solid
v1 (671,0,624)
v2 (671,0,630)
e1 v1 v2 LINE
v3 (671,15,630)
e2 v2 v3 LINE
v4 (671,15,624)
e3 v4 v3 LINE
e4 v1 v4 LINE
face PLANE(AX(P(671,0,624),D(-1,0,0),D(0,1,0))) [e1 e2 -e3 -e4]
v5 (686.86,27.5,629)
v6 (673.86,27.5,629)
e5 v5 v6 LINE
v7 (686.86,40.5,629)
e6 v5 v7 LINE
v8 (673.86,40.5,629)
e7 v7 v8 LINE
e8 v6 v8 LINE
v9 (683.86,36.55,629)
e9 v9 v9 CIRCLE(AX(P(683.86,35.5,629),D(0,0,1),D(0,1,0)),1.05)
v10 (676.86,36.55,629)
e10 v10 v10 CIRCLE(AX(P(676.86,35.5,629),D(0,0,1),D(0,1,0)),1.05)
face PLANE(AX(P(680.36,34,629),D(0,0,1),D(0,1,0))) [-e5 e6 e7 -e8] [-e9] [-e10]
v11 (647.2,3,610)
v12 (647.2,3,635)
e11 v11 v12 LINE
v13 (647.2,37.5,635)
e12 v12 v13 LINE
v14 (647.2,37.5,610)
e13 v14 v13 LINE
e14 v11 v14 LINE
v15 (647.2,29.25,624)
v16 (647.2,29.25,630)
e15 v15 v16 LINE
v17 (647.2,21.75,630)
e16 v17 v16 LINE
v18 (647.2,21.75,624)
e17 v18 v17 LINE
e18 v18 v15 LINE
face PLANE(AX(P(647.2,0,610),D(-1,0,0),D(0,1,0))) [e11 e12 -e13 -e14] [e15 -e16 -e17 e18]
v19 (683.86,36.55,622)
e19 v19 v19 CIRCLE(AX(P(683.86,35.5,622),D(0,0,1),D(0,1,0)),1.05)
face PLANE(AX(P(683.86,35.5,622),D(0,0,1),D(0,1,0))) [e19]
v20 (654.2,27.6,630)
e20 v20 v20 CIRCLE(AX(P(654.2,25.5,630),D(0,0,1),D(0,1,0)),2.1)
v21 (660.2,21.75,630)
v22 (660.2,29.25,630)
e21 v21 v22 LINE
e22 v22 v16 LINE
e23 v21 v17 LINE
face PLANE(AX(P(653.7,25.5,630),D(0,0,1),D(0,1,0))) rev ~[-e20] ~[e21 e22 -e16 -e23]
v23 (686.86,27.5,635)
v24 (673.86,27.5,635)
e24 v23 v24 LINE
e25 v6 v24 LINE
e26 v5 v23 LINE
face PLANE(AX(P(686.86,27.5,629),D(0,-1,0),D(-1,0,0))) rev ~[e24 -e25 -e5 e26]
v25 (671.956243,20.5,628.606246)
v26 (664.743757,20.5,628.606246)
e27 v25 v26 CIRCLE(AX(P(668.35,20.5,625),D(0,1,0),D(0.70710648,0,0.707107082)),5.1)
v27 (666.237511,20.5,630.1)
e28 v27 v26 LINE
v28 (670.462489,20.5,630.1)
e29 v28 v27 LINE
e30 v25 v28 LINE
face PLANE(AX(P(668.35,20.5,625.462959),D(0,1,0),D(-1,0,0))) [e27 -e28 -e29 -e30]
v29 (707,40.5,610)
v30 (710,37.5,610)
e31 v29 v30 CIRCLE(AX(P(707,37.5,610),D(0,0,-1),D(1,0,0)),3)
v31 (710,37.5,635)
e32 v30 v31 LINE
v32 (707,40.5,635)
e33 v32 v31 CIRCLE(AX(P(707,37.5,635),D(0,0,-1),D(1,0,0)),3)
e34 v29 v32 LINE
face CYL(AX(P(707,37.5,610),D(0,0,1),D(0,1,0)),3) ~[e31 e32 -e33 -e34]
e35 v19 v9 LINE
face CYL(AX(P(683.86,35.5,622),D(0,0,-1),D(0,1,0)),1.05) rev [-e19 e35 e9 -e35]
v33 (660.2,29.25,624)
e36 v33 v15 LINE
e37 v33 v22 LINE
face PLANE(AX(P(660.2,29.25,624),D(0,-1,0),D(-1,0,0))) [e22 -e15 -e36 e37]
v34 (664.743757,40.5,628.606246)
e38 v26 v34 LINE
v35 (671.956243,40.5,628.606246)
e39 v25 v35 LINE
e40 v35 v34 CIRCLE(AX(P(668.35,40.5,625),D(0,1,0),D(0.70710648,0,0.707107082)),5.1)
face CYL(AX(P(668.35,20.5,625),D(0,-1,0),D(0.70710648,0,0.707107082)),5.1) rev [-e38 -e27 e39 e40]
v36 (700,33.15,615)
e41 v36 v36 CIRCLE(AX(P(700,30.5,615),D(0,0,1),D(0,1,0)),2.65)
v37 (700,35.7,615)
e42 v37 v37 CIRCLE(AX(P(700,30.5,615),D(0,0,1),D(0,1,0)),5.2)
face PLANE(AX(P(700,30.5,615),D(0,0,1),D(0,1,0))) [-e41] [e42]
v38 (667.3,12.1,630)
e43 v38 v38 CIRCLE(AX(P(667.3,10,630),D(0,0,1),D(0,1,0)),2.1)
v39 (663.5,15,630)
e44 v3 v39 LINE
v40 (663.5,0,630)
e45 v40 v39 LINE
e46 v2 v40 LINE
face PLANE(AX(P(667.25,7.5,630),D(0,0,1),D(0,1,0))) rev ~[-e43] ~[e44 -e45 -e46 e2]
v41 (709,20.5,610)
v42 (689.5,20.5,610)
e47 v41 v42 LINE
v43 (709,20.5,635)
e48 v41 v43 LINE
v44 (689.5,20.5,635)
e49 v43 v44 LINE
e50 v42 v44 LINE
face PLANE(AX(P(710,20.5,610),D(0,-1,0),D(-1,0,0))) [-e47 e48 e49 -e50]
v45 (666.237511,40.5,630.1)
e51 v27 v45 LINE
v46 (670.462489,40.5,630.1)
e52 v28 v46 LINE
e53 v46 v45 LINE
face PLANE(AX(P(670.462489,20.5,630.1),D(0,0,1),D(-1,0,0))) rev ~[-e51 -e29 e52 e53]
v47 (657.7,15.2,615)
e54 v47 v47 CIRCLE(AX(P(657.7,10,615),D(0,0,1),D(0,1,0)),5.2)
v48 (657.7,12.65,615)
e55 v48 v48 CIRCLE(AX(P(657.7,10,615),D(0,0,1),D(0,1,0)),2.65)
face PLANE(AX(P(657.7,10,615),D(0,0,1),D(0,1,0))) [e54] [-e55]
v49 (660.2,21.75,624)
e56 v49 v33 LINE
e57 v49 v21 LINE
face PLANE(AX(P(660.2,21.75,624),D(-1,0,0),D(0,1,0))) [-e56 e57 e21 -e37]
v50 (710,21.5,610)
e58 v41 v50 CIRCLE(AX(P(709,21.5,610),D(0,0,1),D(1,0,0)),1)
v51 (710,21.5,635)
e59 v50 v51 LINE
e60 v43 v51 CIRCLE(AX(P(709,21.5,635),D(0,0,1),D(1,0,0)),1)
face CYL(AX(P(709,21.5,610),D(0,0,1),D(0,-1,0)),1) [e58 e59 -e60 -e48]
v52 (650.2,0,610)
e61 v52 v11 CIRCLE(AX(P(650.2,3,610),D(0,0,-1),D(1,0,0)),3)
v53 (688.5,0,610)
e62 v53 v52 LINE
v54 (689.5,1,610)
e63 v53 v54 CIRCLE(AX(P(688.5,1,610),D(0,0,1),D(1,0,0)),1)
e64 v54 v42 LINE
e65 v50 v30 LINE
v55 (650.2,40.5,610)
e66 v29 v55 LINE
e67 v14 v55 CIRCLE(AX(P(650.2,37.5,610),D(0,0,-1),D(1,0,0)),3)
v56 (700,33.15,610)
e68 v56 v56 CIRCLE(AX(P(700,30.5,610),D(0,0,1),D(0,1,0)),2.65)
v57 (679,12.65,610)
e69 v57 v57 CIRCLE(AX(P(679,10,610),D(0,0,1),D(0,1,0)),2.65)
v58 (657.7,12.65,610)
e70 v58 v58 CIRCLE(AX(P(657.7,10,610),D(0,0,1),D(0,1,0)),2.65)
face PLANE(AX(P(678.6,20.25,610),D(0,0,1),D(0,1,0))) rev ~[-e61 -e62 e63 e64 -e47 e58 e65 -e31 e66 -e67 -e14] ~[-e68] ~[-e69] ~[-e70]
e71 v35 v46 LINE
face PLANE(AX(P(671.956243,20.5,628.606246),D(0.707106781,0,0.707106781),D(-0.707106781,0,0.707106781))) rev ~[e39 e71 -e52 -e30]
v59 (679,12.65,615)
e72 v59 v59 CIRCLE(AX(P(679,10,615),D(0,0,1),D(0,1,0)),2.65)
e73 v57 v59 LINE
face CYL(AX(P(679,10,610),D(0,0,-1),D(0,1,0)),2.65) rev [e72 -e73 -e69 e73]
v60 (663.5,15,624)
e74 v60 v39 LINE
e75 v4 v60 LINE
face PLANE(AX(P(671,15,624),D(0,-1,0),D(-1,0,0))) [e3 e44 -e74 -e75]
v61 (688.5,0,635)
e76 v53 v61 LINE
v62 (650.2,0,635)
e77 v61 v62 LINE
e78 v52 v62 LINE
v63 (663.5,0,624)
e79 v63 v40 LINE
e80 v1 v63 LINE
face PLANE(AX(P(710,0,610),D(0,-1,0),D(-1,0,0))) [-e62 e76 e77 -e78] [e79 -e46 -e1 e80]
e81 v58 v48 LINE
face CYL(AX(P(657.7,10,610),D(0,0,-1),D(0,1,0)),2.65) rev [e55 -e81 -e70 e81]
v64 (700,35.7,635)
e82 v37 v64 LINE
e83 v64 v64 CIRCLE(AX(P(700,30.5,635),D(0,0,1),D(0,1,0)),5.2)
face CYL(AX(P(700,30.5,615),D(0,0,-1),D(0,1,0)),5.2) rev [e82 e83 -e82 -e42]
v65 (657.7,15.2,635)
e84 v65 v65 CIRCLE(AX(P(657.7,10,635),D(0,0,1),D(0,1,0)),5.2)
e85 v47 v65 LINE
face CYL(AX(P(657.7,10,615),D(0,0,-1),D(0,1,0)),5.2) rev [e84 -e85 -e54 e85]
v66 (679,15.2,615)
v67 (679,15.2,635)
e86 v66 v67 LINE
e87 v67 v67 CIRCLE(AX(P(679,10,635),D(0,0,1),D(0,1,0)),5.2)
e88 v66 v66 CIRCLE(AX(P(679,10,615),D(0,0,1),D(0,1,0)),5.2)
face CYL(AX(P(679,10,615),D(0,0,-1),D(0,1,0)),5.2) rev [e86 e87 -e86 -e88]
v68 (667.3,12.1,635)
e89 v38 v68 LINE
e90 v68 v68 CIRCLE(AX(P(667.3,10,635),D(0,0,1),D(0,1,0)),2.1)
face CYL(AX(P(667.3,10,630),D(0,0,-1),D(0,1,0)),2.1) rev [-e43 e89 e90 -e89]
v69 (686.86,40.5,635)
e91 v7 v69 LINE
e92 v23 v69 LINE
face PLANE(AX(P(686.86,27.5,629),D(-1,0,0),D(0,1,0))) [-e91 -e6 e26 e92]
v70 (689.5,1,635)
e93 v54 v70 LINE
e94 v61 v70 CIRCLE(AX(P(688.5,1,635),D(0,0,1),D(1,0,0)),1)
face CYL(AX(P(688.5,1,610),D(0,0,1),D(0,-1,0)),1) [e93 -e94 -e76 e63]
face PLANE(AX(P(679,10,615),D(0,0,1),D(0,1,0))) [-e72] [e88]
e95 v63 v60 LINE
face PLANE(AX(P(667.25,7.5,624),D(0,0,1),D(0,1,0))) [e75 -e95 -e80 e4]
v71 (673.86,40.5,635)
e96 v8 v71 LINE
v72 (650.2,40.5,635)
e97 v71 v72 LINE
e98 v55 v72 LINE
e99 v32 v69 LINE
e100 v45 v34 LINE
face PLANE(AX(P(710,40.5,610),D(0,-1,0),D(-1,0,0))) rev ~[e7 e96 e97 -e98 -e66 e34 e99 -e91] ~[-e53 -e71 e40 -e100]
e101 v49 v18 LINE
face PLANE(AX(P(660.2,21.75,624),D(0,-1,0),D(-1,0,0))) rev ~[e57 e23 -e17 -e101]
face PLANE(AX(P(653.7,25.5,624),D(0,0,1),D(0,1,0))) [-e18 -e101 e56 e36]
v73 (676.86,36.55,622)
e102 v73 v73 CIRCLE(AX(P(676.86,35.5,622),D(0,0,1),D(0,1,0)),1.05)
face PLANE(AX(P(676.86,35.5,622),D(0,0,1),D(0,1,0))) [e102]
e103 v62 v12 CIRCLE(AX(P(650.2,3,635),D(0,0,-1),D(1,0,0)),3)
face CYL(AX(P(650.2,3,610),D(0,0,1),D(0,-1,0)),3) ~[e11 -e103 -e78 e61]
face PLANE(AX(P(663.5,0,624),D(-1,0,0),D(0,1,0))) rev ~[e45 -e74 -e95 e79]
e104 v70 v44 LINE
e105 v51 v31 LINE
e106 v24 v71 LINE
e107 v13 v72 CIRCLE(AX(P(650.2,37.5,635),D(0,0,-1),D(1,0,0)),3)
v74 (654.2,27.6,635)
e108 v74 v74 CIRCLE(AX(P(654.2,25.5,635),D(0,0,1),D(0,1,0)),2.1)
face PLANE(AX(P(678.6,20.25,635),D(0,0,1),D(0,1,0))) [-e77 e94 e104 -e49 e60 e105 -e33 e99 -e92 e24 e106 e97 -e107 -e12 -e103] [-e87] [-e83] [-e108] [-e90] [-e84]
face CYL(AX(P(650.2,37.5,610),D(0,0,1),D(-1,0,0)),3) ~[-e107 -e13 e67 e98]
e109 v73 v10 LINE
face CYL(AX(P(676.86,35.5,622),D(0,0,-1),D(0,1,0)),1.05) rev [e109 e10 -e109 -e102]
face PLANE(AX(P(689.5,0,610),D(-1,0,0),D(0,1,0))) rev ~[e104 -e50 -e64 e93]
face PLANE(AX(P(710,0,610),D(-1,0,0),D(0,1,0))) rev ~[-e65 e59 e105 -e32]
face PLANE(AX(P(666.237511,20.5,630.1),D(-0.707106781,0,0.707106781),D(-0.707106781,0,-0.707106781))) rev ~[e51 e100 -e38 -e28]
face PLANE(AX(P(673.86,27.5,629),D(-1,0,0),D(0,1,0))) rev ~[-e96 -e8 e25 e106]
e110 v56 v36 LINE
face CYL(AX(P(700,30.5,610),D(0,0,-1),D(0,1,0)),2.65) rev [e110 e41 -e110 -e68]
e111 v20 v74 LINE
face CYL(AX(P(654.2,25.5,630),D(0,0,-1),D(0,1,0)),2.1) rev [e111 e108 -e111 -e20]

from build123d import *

# Parameters (mm, degrees)
EXTRUDE011_DEPTH          = 20
BOX013_W                  = 15
BOX013_H                  = 7.5
BOX013_DEPTH              = 6
CYLINDER004_R             = 2.1
CYLINDER004_DEPTH         = 5
CYLINDER003_R             = 1.05
CYLINDER003_DEPTH         = 7
BOX014_W                  = 13
BOX014_H                  = 13
BOX014_DEPTH              = 6
CYLINDER005_R             = 2.65
CYLINDER005_DEPTH         = 5
CYLINDER006_R             = 5.2
CYLINDER006_DEPTH         = 20
BOX015_W                  = 20.5
BOX015_H                  = 20.5
BOX015_DEPTH              = 25
BOX016_W                  = 7.5
BOX016_H                  = 13
BOX016_DEPTH              = 6
BOX017_W                  = 40.5
BOX017_H                  = 62.8
BOX017_DEPTH              = 25
FILLET003_1_R             = 3
FILLET003_2_R             = 1
FILLET003_PLACEMENT_ANGLE = 90


with BuildPart() as m10_repraphole_extrud:
    # Sketch011 → Extrude011 (new body)
    with BuildSketch(Plane.YZ):
        with BuildLine():
            ThreePointArc((-3.606243, 3.606246), (0, -5.1), (3.606243, 3.606246))
            Line((2.112489, 5.1), (3.606243, 3.606246))
            Line((-2.112489, 5.1), (2.112489, 5.1))
            Line((-3.606243, 3.606246), (-2.112489, 5.1))
        make_face()
    extrude(amount=EXTRUDE011_DEPTH)


with BuildPart() as m10_repraphole_extrud_1:
    # Extrude011 placement: moved
    add(m10_repraphole_extrud.part.moved(Location((20.5, 41.65, 15))))


with BuildPart() as hueco_taladro4:
    # Box013 → Box013 (new body)
    with BuildSketch(Plane(origin=(0, 39, 14), x_dir=(1, 0, 0), z_dir=(0, 0, 1))):
        with Locations((7.5, 3.75)):
            Rectangle(BOX013_W, BOX013_H)
    extrude(amount=BOX013_DEPTH)


with BuildPart() as taladro4:
    # Cylinder004 → Cylinder004 (new body)
    with BuildSketch(Plane(origin=(10, 42.7, 20), x_dir=(1, 0, 0), z_dir=(0, 0, 1))):
        Circle(CYLINDER004_R)
    extrude(amount=CYLINDER004_DEPTH)


with BuildPart() as clone012:
    # Clone012 base: copy of taladro4
    add(taladro4.part)


with BuildPart() as clone012_1:
    # Clone012 placement: moved
    add(clone012.part.moved(Location((15.5, 13.1, 0))))


with BuildPart() as taladro_endstop:
    # Cylinder003 → Cylinder003 (new body)
    with BuildSketch(Plane(origin=(35.5, 26.14, 12), x_dir=(1, 0, 0), z_dir=(0, 0, 1))):
        Circle(CYLINDER003_R)
    extrude(amount=CYLINDER003_DEPTH)


with BuildPart() as clone011:
    # Clone011 base: copy of taladro_endstop
    add(taladro_endstop.part)


with BuildPart() as clone011_1:
    # Clone011 placement: moved
    add(clone011.part.moved(Location((0, 7, 0))))


with BuildPart() as hueco_endstop:
    # Box014 → Box014 (new body)
    with BuildSketch(Plane(origin=(27.5, 23.14, 19), x_dir=(1, 0, 0), z_dir=(0, 0, 1))):
        with Locations((6.5, 6.5)):
            Rectangle(BOX014_W, BOX014_H)
    extrude(amount=BOX014_DEPTH)


with BuildPart() as taladro5:
    # Cylinder005 → Cylinder005 (new body)
    with BuildSketch(Plane(origin=(30.5, 10, 0), x_dir=(1, 0, 0), z_dir=(0, 0, 1))):
        Circle(CYLINDER005_R)
    extrude(amount=CYLINDER005_DEPTH)


with BuildPart() as clone014:
    # Clone014 base: copy of taladro5
    add(taladro5.part)


with BuildPart() as clone014_1:
    # Clone014 placement: moved
    add(clone014.part.moved(Location((-20.5, 21, 0))))


with BuildPart() as clone016:
    # Clone016 base: copy of Clone014
    add(clone014_1.part)


with BuildPart() as clone016_1:
    # Clone016 placement: moved
    add(clone016.part.moved(Location((0, 21.3, 0))))


with BuildPart() as taladro10:
    # Cylinder006 → Cylinder006 (new body)
    with BuildSketch(Plane(origin=(30.5, 10, 5), x_dir=(1, 0, 0), z_dir=(0, 0, 1))):
        Circle(CYLINDER006_R)
    extrude(amount=CYLINDER006_DEPTH)


with BuildPart() as clone015:
    # Clone015 base: copy of taladro10
    add(taladro10.part)


with BuildPart() as clone015_1:
    # Clone015 placement: moved
    add(clone015.part.moved(Location((-20.5, 21, 0))))


with BuildPart() as clone013:
    # Clone013 base: copy of Clone015
    add(clone015_1.part)


with BuildPart() as clone013_1:
    # Clone013 placement: moved
    add(clone013.part.moved(Location((0, 21.3, 0))))


with BuildPart() as hueco_ejez:
    # Box015 → Box015 (new body)
    with BuildSketch(Plane.XY):
        with Locations((10.25, 10.25)):
            Rectangle(BOX015_W, BOX015_H)
    extrude(amount=BOX015_DEPTH)


with BuildPart() as huecos:
    # Box016 → Box016 (new body)
    with BuildSketch(Plane(origin=(21.75, 49.8, 14), x_dir=(1, 0, 0), z_dir=(0, 0, 1))):
        with Locations((3.75, 6.5)):
            Rectangle(BOX016_W, BOX016_H)
    extrude(amount=BOX016_DEPTH)

    # Fusion016: union hueco_taladro4, Clone012, taladro4, Clone011, taladro_endstop, hueco_endstop, Clone016, Clone014, taladro5, Clone013, Clone015, taladro10, hueco_ejez
    add(hueco_taladro4.part)
    add(clone012_1.part)
    add(taladro4.part)
    add(clone011_1.part)
    add(taladro_endstop.part)
    add(hueco_endstop.part)
    add(clone016_1.part)
    add(clone014_1.part)
    add(taladro5.part)
    add(clone013_1.part)
    add(clone015_1.part)
    add(taladro10.part)
    add(hueco_ejez.part)


with BuildPart() as core_xy_derecho:
    # Box017 → Box017 (new body)
    with BuildSketch(Plane.XY):
        with Locations((20.25, 31.4)):
            Rectangle(BOX017_W, BOX017_H)
    extrude(amount=BOX017_DEPTH)

    # Cut011: cut huecos
    add(huecos.part, mode=Mode.SUBTRACT)

    # Cut010: cut M10_repraphole_extrud
    add(m10_repraphole_extrud_1.part, mode=Mode.SUBTRACT)

    # Fillet003 1
    fillet003_1_edges = [core_xy_derecho.edges().sort_by_distance(p)[0] for p in [
        (0, 62.8, 12.5),
        (40.5, 62.8, 12.5),
        (40.5, 0, 12.5),
    ]]
    fillet(fillet003_1_edges, radius=FILLET003_1_R)

    # Fillet003 2
    fillet003_2_edges = [core_xy_derecho.edges().sort_by_distance(p)[0] for p in [
        (0, 20.5, 12.5),
        (20.5, 0, 12.5),
    ]]
    fillet(fillet003_2_edges, radius=FILLET003_2_R)


with BuildPart() as core_xy_derecho_1:
    # Fillet003 placement: moved
    add(core_xy_derecho.part.moved(Location((710, 0, 610))).rotate(Axis((710, 0, 610), (0, 0, 1)), FILLET003_PLACEMENT_ANGLE))


solid = core_xy_derecho_1.part
